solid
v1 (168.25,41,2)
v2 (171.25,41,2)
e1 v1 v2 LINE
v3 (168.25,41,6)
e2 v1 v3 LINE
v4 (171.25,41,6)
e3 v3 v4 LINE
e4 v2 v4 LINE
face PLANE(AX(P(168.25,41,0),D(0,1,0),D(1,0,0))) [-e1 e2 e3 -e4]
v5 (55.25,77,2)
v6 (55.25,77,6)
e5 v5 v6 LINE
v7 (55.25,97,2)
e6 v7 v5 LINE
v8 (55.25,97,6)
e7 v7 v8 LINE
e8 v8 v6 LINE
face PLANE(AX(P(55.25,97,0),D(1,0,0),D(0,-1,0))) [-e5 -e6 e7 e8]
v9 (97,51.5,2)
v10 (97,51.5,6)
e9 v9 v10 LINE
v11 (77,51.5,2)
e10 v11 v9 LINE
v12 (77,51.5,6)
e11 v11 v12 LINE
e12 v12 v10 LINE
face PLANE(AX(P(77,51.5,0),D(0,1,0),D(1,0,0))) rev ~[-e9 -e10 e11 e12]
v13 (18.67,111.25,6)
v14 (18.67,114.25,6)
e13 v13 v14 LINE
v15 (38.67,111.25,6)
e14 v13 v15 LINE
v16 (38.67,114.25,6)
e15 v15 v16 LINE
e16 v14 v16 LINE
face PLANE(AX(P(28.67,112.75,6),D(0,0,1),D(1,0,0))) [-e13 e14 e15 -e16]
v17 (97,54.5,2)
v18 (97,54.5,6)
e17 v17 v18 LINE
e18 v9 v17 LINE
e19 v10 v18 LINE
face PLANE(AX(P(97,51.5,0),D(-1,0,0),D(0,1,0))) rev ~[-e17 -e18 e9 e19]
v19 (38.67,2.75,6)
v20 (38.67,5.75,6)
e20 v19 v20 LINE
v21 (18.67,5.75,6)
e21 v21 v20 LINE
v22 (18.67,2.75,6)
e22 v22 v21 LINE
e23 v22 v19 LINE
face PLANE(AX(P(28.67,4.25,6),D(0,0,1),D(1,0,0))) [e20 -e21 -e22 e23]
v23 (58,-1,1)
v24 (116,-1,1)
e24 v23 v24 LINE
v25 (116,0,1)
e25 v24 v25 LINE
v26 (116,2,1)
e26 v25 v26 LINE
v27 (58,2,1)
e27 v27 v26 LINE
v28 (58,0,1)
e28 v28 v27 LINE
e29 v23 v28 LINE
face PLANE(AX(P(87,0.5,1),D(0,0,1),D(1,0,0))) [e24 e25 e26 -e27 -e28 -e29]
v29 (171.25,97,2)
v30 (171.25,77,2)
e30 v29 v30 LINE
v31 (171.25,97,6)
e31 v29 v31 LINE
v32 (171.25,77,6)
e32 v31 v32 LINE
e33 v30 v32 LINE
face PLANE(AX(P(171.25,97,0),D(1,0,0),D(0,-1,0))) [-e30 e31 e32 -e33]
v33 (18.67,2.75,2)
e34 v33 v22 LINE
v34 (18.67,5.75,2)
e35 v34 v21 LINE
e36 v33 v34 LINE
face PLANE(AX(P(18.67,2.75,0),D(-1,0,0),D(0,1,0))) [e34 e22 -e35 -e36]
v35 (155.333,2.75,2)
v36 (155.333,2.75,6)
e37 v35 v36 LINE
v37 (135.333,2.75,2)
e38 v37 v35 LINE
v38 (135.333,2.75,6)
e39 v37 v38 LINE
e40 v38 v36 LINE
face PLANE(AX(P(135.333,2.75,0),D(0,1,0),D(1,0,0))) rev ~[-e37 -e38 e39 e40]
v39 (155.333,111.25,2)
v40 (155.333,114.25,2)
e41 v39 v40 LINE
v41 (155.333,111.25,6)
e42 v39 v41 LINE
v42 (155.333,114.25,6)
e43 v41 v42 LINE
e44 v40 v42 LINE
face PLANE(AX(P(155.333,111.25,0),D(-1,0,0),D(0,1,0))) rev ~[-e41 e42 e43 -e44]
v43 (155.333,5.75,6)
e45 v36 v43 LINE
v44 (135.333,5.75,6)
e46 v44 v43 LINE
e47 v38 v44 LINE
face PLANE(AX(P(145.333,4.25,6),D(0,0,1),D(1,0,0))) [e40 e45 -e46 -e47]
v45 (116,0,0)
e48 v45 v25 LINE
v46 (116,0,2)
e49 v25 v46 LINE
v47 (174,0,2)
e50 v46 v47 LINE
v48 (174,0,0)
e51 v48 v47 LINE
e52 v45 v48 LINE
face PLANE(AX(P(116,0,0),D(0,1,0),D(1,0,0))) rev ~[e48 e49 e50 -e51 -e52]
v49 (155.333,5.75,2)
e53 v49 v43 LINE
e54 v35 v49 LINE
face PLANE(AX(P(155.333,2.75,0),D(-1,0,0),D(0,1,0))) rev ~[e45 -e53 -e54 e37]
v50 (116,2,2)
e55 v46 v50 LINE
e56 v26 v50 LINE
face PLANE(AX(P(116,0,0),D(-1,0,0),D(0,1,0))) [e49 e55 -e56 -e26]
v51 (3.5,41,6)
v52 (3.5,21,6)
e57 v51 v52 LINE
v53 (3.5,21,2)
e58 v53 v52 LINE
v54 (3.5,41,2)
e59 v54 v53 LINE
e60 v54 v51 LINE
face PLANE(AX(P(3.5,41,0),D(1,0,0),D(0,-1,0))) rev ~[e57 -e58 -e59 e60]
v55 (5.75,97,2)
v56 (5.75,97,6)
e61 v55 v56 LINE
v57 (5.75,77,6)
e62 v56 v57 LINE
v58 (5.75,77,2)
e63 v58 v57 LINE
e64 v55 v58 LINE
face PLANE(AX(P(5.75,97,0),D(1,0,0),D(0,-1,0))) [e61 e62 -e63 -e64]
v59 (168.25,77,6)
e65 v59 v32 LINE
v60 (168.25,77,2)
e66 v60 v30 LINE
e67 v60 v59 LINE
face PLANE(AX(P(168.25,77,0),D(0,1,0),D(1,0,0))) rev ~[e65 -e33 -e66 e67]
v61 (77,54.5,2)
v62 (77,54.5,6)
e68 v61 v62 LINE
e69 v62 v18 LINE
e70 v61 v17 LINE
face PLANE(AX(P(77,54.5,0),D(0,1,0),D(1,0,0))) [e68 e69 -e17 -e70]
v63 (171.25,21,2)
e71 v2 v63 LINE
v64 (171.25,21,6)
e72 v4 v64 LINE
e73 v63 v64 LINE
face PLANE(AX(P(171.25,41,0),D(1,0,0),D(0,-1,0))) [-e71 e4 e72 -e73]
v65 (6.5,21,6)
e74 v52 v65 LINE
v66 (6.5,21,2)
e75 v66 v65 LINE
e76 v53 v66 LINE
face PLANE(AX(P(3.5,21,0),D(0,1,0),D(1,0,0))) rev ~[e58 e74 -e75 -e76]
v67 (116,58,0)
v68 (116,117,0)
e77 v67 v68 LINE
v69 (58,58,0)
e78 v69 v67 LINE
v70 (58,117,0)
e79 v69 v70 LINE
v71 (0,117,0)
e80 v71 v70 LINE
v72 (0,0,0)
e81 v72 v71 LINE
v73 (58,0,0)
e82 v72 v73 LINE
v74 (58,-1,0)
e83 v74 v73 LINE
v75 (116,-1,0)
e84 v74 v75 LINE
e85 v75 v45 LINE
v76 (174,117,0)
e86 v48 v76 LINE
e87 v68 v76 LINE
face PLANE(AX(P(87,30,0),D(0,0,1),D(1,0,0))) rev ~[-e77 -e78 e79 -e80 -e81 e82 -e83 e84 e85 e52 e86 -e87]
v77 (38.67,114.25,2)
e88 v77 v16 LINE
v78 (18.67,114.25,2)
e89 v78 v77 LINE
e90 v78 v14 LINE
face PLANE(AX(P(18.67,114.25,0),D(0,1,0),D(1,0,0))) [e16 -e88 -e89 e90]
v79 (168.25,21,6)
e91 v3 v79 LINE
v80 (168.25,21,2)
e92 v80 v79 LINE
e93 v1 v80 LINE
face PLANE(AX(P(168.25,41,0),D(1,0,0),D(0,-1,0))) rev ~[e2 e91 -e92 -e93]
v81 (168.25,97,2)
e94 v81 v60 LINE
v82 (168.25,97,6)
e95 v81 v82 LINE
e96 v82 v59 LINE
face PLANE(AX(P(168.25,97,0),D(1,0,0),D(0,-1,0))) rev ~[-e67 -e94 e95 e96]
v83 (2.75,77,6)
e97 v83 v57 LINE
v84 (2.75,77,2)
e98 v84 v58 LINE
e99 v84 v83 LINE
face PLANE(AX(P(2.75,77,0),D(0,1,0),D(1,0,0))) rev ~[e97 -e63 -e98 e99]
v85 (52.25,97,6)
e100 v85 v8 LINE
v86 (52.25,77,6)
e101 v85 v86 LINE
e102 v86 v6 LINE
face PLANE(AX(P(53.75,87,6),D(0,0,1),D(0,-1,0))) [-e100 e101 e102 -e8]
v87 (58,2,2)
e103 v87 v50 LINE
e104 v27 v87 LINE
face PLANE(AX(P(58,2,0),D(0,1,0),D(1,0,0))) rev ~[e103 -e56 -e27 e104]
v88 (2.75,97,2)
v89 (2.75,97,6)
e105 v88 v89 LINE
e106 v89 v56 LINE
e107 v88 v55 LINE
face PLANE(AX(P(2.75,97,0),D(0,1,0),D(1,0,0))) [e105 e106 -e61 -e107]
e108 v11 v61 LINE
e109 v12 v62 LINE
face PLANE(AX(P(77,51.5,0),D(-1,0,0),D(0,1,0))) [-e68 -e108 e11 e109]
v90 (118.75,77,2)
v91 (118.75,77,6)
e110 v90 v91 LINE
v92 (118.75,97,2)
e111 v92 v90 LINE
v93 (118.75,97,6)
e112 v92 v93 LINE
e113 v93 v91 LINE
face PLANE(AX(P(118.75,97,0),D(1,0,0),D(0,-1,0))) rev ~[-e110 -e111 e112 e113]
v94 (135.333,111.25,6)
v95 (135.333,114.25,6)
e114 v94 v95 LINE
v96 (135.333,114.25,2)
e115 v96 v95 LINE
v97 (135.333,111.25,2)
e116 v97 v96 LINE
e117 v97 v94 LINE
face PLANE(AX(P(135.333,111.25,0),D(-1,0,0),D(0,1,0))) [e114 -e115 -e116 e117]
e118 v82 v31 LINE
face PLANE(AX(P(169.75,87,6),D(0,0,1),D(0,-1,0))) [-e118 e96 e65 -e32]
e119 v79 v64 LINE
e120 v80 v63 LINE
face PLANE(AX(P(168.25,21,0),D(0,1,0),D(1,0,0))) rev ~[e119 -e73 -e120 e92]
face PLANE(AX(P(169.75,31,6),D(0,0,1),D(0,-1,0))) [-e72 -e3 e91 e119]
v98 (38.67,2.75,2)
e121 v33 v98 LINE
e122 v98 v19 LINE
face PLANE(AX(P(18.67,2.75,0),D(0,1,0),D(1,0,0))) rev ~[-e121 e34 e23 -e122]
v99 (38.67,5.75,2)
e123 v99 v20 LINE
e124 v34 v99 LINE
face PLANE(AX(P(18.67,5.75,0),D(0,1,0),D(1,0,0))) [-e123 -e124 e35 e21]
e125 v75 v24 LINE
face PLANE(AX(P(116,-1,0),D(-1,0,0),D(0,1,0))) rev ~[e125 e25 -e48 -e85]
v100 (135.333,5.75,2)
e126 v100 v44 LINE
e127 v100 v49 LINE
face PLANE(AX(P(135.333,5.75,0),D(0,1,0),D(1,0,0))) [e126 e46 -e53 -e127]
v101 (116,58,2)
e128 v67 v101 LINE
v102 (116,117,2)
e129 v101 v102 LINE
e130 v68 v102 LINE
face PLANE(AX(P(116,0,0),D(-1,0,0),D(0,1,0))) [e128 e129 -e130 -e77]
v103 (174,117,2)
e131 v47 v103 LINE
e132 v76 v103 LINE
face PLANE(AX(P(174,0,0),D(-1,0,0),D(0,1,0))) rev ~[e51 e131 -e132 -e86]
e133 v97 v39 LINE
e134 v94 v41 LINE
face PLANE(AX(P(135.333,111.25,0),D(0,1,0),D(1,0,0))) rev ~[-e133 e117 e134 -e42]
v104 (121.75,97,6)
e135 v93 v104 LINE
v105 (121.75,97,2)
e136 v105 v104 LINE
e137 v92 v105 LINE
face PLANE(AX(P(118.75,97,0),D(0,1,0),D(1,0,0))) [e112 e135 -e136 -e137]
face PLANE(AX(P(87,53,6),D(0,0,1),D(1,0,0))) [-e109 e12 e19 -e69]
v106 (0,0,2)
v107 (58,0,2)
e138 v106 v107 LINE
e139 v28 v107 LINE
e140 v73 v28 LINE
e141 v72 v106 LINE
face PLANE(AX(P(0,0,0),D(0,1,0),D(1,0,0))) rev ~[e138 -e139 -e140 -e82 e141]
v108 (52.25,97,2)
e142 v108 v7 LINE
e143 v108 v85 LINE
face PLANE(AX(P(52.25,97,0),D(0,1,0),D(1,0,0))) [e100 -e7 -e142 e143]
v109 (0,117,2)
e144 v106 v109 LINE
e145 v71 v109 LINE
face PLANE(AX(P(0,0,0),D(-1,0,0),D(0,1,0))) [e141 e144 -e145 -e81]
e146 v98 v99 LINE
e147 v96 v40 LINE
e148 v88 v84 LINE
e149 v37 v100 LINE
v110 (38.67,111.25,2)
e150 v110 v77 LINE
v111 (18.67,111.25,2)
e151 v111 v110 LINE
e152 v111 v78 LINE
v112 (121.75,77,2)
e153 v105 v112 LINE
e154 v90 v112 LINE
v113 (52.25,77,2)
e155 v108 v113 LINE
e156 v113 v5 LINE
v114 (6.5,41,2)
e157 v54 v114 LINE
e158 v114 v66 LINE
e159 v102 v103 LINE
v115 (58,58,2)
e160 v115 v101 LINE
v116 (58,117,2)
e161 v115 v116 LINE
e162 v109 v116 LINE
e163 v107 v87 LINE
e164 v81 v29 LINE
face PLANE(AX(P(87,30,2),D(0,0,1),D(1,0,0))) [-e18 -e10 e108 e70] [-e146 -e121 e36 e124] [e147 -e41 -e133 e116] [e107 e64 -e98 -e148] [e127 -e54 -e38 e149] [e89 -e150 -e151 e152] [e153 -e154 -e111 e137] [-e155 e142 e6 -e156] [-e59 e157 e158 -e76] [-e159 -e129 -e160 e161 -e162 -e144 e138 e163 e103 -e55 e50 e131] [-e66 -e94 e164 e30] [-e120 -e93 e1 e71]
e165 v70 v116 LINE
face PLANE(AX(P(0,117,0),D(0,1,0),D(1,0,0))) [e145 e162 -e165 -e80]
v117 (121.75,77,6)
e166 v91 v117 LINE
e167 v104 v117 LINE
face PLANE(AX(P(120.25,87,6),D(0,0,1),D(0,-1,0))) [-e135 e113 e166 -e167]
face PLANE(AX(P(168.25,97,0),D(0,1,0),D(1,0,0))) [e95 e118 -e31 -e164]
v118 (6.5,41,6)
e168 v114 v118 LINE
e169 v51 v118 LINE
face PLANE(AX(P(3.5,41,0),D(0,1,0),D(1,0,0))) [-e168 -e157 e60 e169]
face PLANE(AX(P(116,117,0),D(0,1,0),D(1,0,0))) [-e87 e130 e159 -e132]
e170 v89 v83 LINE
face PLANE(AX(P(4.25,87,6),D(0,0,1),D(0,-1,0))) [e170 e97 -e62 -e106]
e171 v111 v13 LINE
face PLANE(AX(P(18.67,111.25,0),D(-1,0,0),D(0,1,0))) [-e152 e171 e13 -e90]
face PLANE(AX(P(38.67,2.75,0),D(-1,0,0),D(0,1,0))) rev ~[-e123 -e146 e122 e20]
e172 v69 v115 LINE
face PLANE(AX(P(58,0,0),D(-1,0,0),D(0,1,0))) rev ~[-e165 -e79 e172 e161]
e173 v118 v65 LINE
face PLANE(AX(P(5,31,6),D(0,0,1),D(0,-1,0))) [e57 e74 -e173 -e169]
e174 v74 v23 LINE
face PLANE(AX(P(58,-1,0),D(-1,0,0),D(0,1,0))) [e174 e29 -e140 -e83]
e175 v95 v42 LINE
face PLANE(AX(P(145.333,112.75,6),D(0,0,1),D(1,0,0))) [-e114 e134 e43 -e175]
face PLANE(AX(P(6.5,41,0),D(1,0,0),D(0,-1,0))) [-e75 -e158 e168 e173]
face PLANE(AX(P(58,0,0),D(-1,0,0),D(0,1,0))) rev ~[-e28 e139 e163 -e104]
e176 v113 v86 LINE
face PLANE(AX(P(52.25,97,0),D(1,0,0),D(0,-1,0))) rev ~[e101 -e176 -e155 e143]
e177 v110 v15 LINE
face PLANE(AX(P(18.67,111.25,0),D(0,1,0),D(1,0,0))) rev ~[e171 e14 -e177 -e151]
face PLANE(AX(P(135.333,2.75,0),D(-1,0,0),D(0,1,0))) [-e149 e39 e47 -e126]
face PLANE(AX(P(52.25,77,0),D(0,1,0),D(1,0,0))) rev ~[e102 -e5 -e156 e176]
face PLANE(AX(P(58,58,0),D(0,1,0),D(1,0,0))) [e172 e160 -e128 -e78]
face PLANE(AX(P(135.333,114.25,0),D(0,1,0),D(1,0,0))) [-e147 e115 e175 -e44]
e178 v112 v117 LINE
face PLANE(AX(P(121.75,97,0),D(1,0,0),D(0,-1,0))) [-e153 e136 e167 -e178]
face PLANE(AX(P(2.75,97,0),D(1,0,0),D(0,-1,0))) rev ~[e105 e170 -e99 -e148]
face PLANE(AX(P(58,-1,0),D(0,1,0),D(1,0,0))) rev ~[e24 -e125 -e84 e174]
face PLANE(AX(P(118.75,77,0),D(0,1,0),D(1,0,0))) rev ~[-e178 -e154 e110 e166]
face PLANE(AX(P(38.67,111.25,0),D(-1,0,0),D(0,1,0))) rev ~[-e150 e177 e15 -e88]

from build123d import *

# Parameters (mm, degrees)
BOX013_W     = 20
BOX013_H     = 3
BOX013_DEPTH = 6
BOX012_W     = 20
BOX012_H     = 3
BOX012_DEPTH = 6
BOX011_W     = 20
BOX011_H     = 3
BOX011_DEPTH = 6
BOX010_W     = 20
BOX010_H     = 3
BOX010_DEPTH = 6
BOX009_W     = 20
BOX009_H     = 3
BOX009_DEPTH = 6
BOX008_W     = 20
BOX008_H     = 3
BOX008_DEPTH = 6
BOX007_W     = 20
BOX007_H     = 3
BOX007_DEPTH = 6
BOX006_W     = 20
BOX006_H     = 3
BOX006_DEPTH = 6
BOX005_W     = 20
BOX005_H     = 3
BOX005_DEPTH = 6
BOX004_W     = 20
BOX004_H     = 3
BOX004_DEPTH = 6
BOX003_W     = 20
BOX003_H     = 3
BOX003_DEPTH = 6
BOX002_W     = 58
BOX002_H     = 117
BOX002_DEPTH = 2
BOX001_W     = 58
BOX001_H     = 117
BOX001_DEPTH = 2
BOX_W        = 58
BOX_H        = 56
BOX_DEPTH    = 2
BOX014_W     = 58
BOX014_H     = 3
BOX014_DEPTH = 1


with BuildPart() as cube013:
    # Box013 → Box013 (new body)
    with BuildSketch(Plane(origin=(77, 51.5, 0), x_dir=(1, 0, 0), z_dir=(0, 0, 1))):
        with Locations((10, 1.5)):
            Rectangle(BOX013_W, BOX013_H)
    extrude(amount=BOX013_DEPTH)


with BuildPart() as cube012:
    # Box012 → Box012 (new body)
    with BuildSketch(Plane(origin=(3.5, 41, 0), x_dir=(0, -1, 0), z_dir=(0, 0, 1))):
        with Locations((10, 1.5)):
            Rectangle(BOX012_W, BOX012_H)
    extrude(amount=BOX012_DEPTH)


with BuildPart() as cube011:
    # Box011 → Box011 (new body)
    with BuildSketch(Plane(origin=(2.75, 97, 0), x_dir=(0, -1, 0), z_dir=(0, 0, 1))):
        with Locations((10, 1.5)):
            Rectangle(BOX011_W, BOX011_H)
    extrude(amount=BOX011_DEPTH)


with BuildPart() as cube010:
    # Box010 → Box010 (new body)
    with BuildSketch(Plane(origin=(52.25, 97, 0), x_dir=(0, -1, 0), z_dir=(0, 0, 1))):
        with Locations((10, 1.5)):
            Rectangle(BOX010_W, BOX010_H)
    extrude(amount=BOX010_DEPTH)


with BuildPart() as cube009:
    # Box009 → Box009 (new body)
    with BuildSketch(Plane(origin=(168.25, 97, 0), x_dir=(0, -1, 0), z_dir=(0, 0, 1))):
        with Locations((10, 1.5)):
            Rectangle(BOX009_W, BOX009_H)
    extrude(amount=BOX009_DEPTH)


with BuildPart() as cube008:
    # Box008 → Box008 (new body)
    with BuildSketch(Plane(origin=(168.25, 41, 0), x_dir=(0, -1, 0), z_dir=(0, 0, 1))):
        with Locations((10, 1.5)):
            Rectangle(BOX008_W, BOX008_H)
    extrude(amount=BOX008_DEPTH)


with BuildPart() as cube007:
    # Box007 → Box007 (new body)
    with BuildSketch(Plane(origin=(118.75, 97, 0), x_dir=(0, -1, 0), z_dir=(0, 0, 1))):
        with Locations((10, 1.5)):
            Rectangle(BOX007_W, BOX007_H)
    extrude(amount=BOX007_DEPTH)


with BuildPart() as cube006:
    # Box006 → Box006 (new body)
    with BuildSketch(Plane(origin=(135.333, 111.25, 0), x_dir=(1, 0, 0), z_dir=(0, 0, 1))):
        with Locations((10, 1.5)):
            Rectangle(BOX006_W, BOX006_H)
    extrude(amount=BOX006_DEPTH)


with BuildPart() as cube005:
    # Box005 → Box005 (new body)
    with BuildSketch(Plane(origin=(135.333, 2.75, 0), x_dir=(1, 0, 0), z_dir=(0, 0, 1))):
        with Locations((10, 1.5)):
            Rectangle(BOX005_W, BOX005_H)
    extrude(amount=BOX005_DEPTH)


with BuildPart() as cube004:
    # Box004 → Box004 (new body)
    with BuildSketch(Plane(origin=(18.67, 2.75, 0), x_dir=(1, 0, 0), z_dir=(0, 0, 1))):
        with Locations((10, 1.5)):
            Rectangle(BOX004_W, BOX004_H)
    extrude(amount=BOX004_DEPTH)


with BuildPart() as cube003:
    # Box003 → Box003 (new body)
    with BuildSketch(Plane(origin=(18.67, 111.25, 0), x_dir=(1, 0, 0), z_dir=(0, 0, 1))):
        with Locations((10, 1.5)):
            Rectangle(BOX003_W, BOX003_H)
    extrude(amount=BOX003_DEPTH)


with BuildPart() as cube002:
    # Box002 → Box002 (new body)
    with BuildSketch(Plane(origin=(116, 0, 0), x_dir=(1, 0, 0), z_dir=(0, 0, 1))):
        with Locations((29, 58.5)):
            Rectangle(BOX002_W, BOX002_H)
    extrude(amount=BOX002_DEPTH)


with BuildPart() as cube001:
    # Box001 → Box001 (new body)
    with BuildSketch(Plane.XY):
        with Locations((29, 58.5)):
            Rectangle(BOX001_W, BOX001_H)
    extrude(amount=BOX001_DEPTH)


with BuildPart() as cube:
    # Box → Box (new body)
    with BuildSketch(Plane(origin=(58, 2, 0), x_dir=(1, 0, 0), z_dir=(0, 0, 1))):
        with Locations((29, 28)):
            Rectangle(BOX_W, BOX_H)
    extrude(amount=BOX_DEPTH)


with BuildPart() as fusion:
    # Box014 → Box014 (new body)
    with BuildSketch(Plane(origin=(58, -1, 0), x_dir=(1, 0, 0), z_dir=(0, 0, 1))):
        with Locations((29, 1.5)):
            Rectangle(BOX014_W, BOX014_H)
    extrude(amount=BOX014_DEPTH)

    # Fusion: union Cube013, Cube012, Cube011, Cube010, Cube009, Cube008, Cube007, Cube006, Cube005, Cube004, Cube003, Cube002, Cube001, Cube
    add(cube013.part)
    add(cube012.part)
    add(cube011.part)
    add(cube010.part)
    add(cube009.part)
    add(cube008.part)
    add(cube007.part)
    add(cube006.part)
    add(cube005.part)
    add(cube004.part)
    add(cube003.part)
    add(cube002.part)
    add(cube001.part)
    add(cube.part)


solid = fusion.part
